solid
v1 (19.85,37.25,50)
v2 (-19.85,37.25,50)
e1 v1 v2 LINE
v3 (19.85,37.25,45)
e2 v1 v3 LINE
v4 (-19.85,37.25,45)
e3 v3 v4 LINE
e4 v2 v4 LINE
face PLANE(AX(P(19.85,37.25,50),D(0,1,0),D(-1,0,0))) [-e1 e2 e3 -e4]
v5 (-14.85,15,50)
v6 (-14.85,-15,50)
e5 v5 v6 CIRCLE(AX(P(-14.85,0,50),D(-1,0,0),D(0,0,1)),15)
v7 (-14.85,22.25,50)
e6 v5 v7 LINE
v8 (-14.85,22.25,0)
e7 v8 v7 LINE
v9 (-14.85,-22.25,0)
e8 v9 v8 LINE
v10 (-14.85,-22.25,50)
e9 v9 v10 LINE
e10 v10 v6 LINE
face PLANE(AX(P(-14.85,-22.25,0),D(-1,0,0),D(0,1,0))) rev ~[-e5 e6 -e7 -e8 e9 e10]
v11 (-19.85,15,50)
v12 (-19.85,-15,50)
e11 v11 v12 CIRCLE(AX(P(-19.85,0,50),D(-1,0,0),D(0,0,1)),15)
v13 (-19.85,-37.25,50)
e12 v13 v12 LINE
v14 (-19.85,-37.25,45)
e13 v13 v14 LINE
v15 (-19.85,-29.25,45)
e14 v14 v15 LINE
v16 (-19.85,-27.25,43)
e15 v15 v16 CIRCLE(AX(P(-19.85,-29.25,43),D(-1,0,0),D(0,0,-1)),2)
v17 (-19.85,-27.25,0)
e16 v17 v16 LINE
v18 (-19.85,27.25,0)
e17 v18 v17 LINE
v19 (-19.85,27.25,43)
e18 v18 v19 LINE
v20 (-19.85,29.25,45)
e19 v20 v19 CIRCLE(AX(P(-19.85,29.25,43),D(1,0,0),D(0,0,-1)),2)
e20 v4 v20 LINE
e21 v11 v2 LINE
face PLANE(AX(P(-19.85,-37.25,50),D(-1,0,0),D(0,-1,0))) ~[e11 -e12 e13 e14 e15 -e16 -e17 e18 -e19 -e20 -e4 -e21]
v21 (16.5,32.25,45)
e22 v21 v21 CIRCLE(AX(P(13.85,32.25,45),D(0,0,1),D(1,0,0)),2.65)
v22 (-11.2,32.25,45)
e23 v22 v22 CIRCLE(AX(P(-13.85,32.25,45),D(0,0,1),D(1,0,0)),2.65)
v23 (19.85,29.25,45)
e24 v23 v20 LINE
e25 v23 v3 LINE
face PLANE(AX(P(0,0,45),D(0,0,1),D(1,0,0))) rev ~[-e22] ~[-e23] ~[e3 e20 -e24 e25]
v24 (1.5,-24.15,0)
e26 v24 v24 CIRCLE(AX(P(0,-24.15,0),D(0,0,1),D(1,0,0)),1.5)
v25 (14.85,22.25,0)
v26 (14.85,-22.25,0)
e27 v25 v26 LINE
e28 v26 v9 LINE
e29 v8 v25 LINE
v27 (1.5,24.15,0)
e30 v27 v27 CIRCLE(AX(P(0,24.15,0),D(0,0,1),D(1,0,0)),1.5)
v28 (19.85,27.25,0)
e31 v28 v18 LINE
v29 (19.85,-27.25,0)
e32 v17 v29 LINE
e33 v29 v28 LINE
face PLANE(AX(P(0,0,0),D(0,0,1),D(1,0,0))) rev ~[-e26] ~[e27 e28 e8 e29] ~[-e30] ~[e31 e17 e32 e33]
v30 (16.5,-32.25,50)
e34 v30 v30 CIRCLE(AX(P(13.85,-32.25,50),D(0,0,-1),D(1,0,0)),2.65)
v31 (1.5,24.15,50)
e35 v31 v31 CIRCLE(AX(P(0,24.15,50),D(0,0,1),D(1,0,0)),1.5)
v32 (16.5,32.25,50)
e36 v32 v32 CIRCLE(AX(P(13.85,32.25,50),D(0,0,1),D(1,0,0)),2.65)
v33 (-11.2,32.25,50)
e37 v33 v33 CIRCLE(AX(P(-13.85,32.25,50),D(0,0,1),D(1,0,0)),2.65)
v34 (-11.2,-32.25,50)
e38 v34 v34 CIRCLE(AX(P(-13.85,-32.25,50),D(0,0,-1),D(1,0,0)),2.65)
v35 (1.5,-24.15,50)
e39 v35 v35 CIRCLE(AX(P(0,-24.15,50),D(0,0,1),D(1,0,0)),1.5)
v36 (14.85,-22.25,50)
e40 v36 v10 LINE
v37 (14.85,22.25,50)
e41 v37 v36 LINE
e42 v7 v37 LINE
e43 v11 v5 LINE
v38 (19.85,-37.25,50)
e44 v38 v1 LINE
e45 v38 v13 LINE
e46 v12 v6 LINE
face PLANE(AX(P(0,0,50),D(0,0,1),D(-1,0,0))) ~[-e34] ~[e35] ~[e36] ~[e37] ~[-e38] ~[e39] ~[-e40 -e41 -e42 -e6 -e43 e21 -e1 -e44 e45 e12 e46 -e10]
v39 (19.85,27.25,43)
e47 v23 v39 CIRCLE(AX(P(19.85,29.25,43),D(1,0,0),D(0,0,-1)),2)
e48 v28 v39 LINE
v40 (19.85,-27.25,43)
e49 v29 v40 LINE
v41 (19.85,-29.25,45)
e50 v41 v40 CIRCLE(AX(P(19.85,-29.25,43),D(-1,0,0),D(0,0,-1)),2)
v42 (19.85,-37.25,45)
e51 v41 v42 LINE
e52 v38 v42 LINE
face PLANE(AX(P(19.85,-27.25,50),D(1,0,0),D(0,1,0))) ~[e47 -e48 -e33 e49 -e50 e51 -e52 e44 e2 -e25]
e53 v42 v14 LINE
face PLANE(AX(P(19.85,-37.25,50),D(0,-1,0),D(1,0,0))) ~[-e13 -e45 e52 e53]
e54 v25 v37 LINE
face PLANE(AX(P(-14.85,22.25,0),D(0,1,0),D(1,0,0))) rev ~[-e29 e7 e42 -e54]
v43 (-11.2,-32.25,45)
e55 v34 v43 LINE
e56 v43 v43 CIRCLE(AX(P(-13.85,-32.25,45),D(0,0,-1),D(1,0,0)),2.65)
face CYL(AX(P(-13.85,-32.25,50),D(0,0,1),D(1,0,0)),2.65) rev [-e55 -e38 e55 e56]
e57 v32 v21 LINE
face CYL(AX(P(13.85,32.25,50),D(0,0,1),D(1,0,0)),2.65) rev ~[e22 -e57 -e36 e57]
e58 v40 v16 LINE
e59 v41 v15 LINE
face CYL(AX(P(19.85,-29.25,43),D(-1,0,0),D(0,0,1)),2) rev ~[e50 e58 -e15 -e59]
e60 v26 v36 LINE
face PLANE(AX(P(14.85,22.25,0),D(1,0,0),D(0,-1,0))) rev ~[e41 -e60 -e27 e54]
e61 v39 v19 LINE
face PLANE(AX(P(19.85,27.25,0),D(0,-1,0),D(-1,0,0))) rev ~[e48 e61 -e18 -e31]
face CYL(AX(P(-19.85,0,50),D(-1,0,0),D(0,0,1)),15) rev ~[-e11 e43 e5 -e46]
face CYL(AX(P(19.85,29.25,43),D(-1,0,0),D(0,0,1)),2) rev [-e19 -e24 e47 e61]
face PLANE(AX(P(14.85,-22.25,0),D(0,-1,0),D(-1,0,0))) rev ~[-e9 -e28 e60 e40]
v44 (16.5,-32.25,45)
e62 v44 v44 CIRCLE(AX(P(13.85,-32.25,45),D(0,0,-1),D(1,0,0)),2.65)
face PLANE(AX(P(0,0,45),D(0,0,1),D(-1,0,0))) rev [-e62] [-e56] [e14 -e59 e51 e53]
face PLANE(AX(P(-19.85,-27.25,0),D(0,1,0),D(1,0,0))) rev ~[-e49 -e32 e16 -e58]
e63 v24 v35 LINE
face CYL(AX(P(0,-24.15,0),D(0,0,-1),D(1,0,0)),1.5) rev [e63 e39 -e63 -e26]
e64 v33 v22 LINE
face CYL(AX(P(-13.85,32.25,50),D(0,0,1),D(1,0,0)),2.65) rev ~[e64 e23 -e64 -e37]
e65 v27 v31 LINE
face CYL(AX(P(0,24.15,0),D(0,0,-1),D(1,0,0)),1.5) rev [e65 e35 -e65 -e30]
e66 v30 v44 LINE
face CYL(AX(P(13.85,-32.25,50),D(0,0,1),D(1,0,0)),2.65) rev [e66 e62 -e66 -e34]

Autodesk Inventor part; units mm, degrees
ref_plane "YZ Plane" through (0, 0, 0) normal (1, 0, 0) x (0, 1, 0)
ref_plane "XZ Plane" through (0, 0, 0) normal (0, 1, 0) x (-1, 0, 0)
ref_plane "XY Plane" through (0, 0, 0) normal (0, 0, 1) x (1, 0, 0)
ref_plane "Work Plane1" through (0, 0, 0) normal (0, 0, 1) x (1, 0, 0)
sketch "Sketch1" plane through (0, 0, 0) normal (0, 0, 1) x (1, 0, 0)
  circle A0 centre (0, 24.15) radius 1.6 construction
  circle A1 centre (0, -24.15) radius 1.6 construction
  line L0 (-19.85, -7.6776) -> (-19.85, 7.6776) construction
  arc A2 (-19.85, -7.6776) -> (-19.2715, -9.0845) centre (-17.85, -7.6776) ccw construction
  line L1 (-2.2034, -26.3306) -> (-19.2715, -9.0845) construction
  arc A3 (-2.2034, -26.3306) -> (2.2034, -26.3306) centre (0, -24.15) ccw construction
  line L2 (19.2715, -9.0845) -> (2.2034, -26.3306) construction
  arc A4 (19.2715, -9.0845) -> (19.85, -7.6776) centre (17.85, -7.6776) ccw construction
  line L3 (19.85, 7.6776) -> (19.85, -7.6776) construction
  arc A5 (19.85, 7.6776) -> (19.2715, 9.0845) centre (17.85, 7.6776) ccw construction
  line L4 (2.2034, 26.3306) -> (19.2715, 9.0845) construction
  arc A6 (2.2034, 26.3306) -> (-2.2034, 26.3306) centre (0, 24.15) ccw construction
  line L5 (-19.2715, 9.0845) -> (-2.2034, 26.3306) construction
  arc A7 (-19.2715, 9.0845) -> (-19.85, 7.6776) centre (-17.85, 7.6776) ccw construction
  circle A8 centre (0, 0) radius 13.8 construction
  circle A9 centre (0, 0) radius 14.3 construction
  line L6 (-19.85, -27.25) -> (19.85, -27.25)
  line L7 (19.85, -27.25) -> (19.85, 27.25)
  line L8 (19.85, 27.25) -> (-19.85, 27.25)
  line L9 (-19.85, 27.25) -> (-19.85, -27.25)
  circle A10 centre (0, -24.15) radius 1.5
  circle A11 centre (0, 24.15) radius 1.5
  line L10 (14.85, 22.25) -> (14.85, -22.25)
  line L11 (14.85, -22.25) -> (-14.85, -22.25)
  line L12 (-14.85, -22.25) -> (-14.85, 22.25)
  line L13 (-14.85, 22.25) -> (14.85, 22.25)
  dimension "d0" = 0.5
  dimension "d2" = 3
  dimension "d3" = 3
  dimension "d4" = 5
extrude "Extrusion1" add sketch "Sketch1" along normal blind 50
sketch "Sketch2" plane through (-19.85, -27.25, 0) normal (-1, 0, 0) x (0, 0, 1)
  line L0 (50, 54.5) -> (50, 0) projected
  line L1 (50, 0) -> (50, 54.5) projected
  circle A0 centre (50, 27.25) radius 15
  point P0 (0, 27.25)
  point P1 (50, 12.25)
  point P2 (50, 42.25)
  dimension "d7" = 30
extrude "Extrusion2" cut sketch "Sketch2" against normal up to surface (34.7 mm away) contours L0 A0 picked at (45.0365, 27.8527)
sketch "Sketch3" plane through (0, 0, 50) normal (0, 0, 1) x (1, 0, 0)
  line L0 (19.85, 27.25) -> (-19.85, 27.25) projected
  line L1 (-19.85, 27.25) -> (19.85, 27.25)
  line L2 (19.85, 27.25) -> (19.85, 37.25)
  line L3 (19.85, 37.25) -> (-19.85, 37.25)
  line L4 (-19.85, 37.25) -> (-19.85, 27.25)
  line L5 (19.85, -27.25) -> (19.85, 27.25) projected
  circle A0 centre (-13.85, 32.25) radius 2.65
  circle A1 centre (13.85, 32.25) radius 2.65
  line L6 (0, 37.25) -> (0, 27.25) construction
  point P0 (0, 0)
  point P1 (-19.85, 32.25)
  dimension "d10" = 5.3
  dimension "d12" = 6
  dimension "d13" = 10
extrude "Extrusion3" add sketch "Sketch3" against normal blind 5
fillet "Fillet1" radius 2 1 edges at (0, 27.25, 45)
ref_plane "Work Plane2" through (-19.85, 0, 0) normal (0, 1, 0) x (1, 0, 0)
mirror "Mirror1" about plane through (-19.85, 0, 0) normal (0, 1, 0) of "Extrusion3", "Fillet1"
properties part number "peristaltic pump bracket"
